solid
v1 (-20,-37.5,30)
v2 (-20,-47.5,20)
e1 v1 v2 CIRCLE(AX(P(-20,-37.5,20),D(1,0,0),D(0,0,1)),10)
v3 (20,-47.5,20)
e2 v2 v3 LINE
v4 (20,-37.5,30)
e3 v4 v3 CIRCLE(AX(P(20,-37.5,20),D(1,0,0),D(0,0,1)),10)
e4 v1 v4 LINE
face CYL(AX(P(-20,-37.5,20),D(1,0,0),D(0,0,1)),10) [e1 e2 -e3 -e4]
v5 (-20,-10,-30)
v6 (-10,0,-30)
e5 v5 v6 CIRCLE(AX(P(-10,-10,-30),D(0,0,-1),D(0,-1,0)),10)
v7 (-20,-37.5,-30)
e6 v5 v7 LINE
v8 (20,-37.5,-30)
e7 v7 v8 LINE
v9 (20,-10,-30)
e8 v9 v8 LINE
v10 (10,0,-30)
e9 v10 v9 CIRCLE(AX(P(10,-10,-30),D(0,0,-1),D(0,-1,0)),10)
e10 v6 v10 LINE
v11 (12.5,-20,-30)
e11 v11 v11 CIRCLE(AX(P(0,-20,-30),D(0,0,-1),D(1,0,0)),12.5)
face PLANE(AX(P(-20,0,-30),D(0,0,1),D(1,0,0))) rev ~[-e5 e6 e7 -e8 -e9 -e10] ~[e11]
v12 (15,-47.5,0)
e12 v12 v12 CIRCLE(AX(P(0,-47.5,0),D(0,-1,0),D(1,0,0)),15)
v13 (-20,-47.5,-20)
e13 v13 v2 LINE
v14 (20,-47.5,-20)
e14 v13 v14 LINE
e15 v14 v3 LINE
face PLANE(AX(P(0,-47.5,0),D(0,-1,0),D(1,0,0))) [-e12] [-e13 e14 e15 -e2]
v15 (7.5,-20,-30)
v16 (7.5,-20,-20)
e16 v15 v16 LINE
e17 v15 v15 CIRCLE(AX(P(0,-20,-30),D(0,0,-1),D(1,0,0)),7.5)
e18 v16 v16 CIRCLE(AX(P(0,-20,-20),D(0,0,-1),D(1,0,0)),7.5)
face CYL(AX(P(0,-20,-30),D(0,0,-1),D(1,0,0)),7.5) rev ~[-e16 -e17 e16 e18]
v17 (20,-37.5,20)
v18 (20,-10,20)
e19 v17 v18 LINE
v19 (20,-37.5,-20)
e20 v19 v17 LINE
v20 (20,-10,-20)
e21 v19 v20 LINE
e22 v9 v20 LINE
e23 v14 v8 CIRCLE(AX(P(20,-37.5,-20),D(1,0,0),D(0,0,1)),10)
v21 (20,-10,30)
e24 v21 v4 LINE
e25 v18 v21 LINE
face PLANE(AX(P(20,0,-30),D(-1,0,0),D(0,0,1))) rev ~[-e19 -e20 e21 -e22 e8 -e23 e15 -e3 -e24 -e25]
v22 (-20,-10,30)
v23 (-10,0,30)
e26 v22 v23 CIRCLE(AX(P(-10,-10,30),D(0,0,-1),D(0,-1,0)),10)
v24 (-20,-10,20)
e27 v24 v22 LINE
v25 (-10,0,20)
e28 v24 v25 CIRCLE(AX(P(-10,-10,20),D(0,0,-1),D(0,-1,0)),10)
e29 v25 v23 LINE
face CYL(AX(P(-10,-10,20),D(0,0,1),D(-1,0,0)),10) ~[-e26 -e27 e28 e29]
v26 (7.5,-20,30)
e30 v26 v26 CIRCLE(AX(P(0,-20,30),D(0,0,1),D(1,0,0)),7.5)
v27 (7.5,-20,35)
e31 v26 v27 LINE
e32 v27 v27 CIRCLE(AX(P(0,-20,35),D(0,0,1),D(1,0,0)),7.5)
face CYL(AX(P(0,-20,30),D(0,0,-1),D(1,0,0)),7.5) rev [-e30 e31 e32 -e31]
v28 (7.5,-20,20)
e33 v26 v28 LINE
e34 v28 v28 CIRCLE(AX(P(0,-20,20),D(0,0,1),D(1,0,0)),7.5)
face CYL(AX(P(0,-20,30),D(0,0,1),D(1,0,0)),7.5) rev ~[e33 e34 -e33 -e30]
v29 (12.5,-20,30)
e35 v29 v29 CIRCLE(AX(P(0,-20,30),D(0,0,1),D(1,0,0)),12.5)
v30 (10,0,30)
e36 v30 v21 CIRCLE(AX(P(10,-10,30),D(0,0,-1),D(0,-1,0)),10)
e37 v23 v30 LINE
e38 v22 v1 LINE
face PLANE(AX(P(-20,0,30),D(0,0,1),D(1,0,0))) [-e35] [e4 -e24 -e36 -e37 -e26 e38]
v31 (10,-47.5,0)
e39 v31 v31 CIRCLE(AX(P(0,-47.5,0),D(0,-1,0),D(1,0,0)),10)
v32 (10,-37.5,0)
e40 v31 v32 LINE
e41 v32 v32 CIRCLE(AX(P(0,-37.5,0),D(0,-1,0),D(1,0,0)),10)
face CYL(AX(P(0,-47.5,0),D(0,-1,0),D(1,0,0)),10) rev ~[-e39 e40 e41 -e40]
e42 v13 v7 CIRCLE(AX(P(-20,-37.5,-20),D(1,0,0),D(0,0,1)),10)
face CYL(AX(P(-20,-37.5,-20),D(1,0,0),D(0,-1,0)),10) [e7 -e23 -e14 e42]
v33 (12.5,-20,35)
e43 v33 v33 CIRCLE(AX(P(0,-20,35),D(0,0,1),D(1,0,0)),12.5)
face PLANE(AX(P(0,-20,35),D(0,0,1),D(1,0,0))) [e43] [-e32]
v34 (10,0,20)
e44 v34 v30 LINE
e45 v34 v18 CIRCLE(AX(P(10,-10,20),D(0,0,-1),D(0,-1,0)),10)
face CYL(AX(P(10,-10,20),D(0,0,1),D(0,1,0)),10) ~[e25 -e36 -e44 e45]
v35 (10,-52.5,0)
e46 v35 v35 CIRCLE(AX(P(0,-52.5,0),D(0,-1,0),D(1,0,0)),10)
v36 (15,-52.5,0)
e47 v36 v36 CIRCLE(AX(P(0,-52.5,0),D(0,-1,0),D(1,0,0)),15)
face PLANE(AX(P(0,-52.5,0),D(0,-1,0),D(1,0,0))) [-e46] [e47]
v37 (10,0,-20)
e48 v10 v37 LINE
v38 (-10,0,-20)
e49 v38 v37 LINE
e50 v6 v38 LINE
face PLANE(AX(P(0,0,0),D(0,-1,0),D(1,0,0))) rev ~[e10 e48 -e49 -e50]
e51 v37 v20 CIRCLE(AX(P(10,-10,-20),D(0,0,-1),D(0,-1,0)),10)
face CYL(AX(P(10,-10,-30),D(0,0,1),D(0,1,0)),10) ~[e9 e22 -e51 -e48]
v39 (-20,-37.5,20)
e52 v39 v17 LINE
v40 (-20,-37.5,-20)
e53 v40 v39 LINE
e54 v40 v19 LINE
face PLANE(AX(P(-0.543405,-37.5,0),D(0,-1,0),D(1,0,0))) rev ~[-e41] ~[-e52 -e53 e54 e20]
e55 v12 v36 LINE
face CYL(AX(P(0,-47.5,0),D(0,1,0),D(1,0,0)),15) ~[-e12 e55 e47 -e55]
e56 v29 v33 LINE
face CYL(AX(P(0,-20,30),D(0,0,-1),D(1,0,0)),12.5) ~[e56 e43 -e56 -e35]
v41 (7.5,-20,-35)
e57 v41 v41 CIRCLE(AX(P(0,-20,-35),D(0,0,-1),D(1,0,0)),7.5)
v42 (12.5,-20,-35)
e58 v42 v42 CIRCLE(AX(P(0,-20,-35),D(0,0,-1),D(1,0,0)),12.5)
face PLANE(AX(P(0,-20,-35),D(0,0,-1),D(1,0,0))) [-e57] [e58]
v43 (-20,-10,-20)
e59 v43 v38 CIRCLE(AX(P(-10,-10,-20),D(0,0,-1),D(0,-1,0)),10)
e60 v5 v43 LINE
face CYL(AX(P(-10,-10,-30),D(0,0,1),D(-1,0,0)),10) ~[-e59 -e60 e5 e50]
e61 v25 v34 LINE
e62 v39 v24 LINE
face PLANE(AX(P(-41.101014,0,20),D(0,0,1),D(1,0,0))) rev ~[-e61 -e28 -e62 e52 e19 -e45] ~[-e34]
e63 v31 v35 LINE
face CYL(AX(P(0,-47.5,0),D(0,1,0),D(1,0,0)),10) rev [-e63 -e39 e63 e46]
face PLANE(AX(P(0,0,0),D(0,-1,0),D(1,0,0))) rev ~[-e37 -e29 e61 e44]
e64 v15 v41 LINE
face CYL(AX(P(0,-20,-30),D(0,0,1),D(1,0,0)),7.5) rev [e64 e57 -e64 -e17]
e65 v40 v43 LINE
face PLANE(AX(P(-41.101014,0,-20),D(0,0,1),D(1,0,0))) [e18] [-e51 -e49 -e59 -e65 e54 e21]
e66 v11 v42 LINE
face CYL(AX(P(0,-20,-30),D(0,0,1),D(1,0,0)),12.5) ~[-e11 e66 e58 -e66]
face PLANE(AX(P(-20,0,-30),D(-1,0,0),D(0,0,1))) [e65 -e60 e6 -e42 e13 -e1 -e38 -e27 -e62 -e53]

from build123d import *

# Parameters (mm, degrees)
F9_W       = 40
F9_H       = 60
F0_DEPTH   = 47.5
F10_W      = 81.115219
F10_H      = 40
F1_DEPTH   = 37.5
F3_R       = 12.5
F3_R_2     = 7.5
F4_DEPTH   = 5
F2_R       = 12.5
F2_R_2     = 7.5
F11_DEPTH  = 5
F5_R       = 10
F12_R      = 15
F12_R_2    = 10
F13_DEPTH  = 5
F6_DEPTH   = 25
F4_FACE_R  = 7.5
F7_DEPTH   = 25
F13_FACE_R = 10
F8_DEPTH   = 25


with BuildPart() as f0:
    # F9 (on Front) → F0 (new body)
    with BuildSketch(Plane.XZ):
        Rectangle(F9_W, F9_H)
    extrude(amount=F0_DEPTH)

    # F10 (on Front) → F1 (cut)
    with BuildSketch(Plane.XZ):
        with Locations((-0.543405, 0)):
            Rectangle(F10_W, F10_H)
    extrude(amount=F1_DEPTH, mode=Mode.SUBTRACT)

    # F3 (on face) → F4 (join)
    with BuildSketch(Plane(origin=(0, 0, -30), x_dir=(1, 0, 0), z_dir=(0, 0, -1))):
        with Locations((0, 20)):
            Circle(F3_R)
        with Locations((0, 20)):
            Circle(F3_R_2, mode=Mode.SUBTRACT)
    extrude(amount=F4_DEPTH)

    # F2 (on face) → F11 (join)
    with BuildSketch(Plane.XY.offset(30)):
        with Locations((0, -20)):
            Circle(F2_R)
        with Locations((0, -20)):
            Circle(F2_R_2, mode=Mode.SUBTRACT)
    extrude(amount=F11_DEPTH)

    # F5
    f5_edges = [f0.edges().sort_by_distance(p)[0] for p in [
        (0, -47.5, -30),
        (0, -47.5, 30),
        (20, 0, -25),
        (20, 0, 25),
        (-20, 0, 25),
        (-20, 0, -25),
    ]]
    fillet(f5_edges, radius=F5_R)

    # F12 (on face) → F13 (join)
    with BuildSketch(Plane.XZ.offset(47.5)):
        Circle(F12_R)
        Circle(F12_R_2, mode=Mode.SUBTRACT)
    extrude(amount=F13_DEPTH)

    # F2 (on face) → F6 (cut)
    with BuildSketch(Plane.XY.offset(30)):
        with Locations((0, -20)):
            Circle(F2_R_2)
    extrude(amount=-F6_DEPTH, mode=Mode.SUBTRACT)

    # F4_face (on face) → F7 (cut)
    with BuildSketch(Plane(origin=(0, -20, -30), x_dir=(1, 0, 0), z_dir=(0, 0, -1))):
        Circle(F4_FACE_R)
    extrude(amount=-F7_DEPTH, mode=Mode.SUBTRACT)

    # F13_face (on face) → F8 (cut)
    with BuildSketch(Plane.XZ.offset(47.5)):
        Circle(F13_FACE_R)
    extrude(amount=-F8_DEPTH, mode=Mode.SUBTRACT)


solid = f0.part
